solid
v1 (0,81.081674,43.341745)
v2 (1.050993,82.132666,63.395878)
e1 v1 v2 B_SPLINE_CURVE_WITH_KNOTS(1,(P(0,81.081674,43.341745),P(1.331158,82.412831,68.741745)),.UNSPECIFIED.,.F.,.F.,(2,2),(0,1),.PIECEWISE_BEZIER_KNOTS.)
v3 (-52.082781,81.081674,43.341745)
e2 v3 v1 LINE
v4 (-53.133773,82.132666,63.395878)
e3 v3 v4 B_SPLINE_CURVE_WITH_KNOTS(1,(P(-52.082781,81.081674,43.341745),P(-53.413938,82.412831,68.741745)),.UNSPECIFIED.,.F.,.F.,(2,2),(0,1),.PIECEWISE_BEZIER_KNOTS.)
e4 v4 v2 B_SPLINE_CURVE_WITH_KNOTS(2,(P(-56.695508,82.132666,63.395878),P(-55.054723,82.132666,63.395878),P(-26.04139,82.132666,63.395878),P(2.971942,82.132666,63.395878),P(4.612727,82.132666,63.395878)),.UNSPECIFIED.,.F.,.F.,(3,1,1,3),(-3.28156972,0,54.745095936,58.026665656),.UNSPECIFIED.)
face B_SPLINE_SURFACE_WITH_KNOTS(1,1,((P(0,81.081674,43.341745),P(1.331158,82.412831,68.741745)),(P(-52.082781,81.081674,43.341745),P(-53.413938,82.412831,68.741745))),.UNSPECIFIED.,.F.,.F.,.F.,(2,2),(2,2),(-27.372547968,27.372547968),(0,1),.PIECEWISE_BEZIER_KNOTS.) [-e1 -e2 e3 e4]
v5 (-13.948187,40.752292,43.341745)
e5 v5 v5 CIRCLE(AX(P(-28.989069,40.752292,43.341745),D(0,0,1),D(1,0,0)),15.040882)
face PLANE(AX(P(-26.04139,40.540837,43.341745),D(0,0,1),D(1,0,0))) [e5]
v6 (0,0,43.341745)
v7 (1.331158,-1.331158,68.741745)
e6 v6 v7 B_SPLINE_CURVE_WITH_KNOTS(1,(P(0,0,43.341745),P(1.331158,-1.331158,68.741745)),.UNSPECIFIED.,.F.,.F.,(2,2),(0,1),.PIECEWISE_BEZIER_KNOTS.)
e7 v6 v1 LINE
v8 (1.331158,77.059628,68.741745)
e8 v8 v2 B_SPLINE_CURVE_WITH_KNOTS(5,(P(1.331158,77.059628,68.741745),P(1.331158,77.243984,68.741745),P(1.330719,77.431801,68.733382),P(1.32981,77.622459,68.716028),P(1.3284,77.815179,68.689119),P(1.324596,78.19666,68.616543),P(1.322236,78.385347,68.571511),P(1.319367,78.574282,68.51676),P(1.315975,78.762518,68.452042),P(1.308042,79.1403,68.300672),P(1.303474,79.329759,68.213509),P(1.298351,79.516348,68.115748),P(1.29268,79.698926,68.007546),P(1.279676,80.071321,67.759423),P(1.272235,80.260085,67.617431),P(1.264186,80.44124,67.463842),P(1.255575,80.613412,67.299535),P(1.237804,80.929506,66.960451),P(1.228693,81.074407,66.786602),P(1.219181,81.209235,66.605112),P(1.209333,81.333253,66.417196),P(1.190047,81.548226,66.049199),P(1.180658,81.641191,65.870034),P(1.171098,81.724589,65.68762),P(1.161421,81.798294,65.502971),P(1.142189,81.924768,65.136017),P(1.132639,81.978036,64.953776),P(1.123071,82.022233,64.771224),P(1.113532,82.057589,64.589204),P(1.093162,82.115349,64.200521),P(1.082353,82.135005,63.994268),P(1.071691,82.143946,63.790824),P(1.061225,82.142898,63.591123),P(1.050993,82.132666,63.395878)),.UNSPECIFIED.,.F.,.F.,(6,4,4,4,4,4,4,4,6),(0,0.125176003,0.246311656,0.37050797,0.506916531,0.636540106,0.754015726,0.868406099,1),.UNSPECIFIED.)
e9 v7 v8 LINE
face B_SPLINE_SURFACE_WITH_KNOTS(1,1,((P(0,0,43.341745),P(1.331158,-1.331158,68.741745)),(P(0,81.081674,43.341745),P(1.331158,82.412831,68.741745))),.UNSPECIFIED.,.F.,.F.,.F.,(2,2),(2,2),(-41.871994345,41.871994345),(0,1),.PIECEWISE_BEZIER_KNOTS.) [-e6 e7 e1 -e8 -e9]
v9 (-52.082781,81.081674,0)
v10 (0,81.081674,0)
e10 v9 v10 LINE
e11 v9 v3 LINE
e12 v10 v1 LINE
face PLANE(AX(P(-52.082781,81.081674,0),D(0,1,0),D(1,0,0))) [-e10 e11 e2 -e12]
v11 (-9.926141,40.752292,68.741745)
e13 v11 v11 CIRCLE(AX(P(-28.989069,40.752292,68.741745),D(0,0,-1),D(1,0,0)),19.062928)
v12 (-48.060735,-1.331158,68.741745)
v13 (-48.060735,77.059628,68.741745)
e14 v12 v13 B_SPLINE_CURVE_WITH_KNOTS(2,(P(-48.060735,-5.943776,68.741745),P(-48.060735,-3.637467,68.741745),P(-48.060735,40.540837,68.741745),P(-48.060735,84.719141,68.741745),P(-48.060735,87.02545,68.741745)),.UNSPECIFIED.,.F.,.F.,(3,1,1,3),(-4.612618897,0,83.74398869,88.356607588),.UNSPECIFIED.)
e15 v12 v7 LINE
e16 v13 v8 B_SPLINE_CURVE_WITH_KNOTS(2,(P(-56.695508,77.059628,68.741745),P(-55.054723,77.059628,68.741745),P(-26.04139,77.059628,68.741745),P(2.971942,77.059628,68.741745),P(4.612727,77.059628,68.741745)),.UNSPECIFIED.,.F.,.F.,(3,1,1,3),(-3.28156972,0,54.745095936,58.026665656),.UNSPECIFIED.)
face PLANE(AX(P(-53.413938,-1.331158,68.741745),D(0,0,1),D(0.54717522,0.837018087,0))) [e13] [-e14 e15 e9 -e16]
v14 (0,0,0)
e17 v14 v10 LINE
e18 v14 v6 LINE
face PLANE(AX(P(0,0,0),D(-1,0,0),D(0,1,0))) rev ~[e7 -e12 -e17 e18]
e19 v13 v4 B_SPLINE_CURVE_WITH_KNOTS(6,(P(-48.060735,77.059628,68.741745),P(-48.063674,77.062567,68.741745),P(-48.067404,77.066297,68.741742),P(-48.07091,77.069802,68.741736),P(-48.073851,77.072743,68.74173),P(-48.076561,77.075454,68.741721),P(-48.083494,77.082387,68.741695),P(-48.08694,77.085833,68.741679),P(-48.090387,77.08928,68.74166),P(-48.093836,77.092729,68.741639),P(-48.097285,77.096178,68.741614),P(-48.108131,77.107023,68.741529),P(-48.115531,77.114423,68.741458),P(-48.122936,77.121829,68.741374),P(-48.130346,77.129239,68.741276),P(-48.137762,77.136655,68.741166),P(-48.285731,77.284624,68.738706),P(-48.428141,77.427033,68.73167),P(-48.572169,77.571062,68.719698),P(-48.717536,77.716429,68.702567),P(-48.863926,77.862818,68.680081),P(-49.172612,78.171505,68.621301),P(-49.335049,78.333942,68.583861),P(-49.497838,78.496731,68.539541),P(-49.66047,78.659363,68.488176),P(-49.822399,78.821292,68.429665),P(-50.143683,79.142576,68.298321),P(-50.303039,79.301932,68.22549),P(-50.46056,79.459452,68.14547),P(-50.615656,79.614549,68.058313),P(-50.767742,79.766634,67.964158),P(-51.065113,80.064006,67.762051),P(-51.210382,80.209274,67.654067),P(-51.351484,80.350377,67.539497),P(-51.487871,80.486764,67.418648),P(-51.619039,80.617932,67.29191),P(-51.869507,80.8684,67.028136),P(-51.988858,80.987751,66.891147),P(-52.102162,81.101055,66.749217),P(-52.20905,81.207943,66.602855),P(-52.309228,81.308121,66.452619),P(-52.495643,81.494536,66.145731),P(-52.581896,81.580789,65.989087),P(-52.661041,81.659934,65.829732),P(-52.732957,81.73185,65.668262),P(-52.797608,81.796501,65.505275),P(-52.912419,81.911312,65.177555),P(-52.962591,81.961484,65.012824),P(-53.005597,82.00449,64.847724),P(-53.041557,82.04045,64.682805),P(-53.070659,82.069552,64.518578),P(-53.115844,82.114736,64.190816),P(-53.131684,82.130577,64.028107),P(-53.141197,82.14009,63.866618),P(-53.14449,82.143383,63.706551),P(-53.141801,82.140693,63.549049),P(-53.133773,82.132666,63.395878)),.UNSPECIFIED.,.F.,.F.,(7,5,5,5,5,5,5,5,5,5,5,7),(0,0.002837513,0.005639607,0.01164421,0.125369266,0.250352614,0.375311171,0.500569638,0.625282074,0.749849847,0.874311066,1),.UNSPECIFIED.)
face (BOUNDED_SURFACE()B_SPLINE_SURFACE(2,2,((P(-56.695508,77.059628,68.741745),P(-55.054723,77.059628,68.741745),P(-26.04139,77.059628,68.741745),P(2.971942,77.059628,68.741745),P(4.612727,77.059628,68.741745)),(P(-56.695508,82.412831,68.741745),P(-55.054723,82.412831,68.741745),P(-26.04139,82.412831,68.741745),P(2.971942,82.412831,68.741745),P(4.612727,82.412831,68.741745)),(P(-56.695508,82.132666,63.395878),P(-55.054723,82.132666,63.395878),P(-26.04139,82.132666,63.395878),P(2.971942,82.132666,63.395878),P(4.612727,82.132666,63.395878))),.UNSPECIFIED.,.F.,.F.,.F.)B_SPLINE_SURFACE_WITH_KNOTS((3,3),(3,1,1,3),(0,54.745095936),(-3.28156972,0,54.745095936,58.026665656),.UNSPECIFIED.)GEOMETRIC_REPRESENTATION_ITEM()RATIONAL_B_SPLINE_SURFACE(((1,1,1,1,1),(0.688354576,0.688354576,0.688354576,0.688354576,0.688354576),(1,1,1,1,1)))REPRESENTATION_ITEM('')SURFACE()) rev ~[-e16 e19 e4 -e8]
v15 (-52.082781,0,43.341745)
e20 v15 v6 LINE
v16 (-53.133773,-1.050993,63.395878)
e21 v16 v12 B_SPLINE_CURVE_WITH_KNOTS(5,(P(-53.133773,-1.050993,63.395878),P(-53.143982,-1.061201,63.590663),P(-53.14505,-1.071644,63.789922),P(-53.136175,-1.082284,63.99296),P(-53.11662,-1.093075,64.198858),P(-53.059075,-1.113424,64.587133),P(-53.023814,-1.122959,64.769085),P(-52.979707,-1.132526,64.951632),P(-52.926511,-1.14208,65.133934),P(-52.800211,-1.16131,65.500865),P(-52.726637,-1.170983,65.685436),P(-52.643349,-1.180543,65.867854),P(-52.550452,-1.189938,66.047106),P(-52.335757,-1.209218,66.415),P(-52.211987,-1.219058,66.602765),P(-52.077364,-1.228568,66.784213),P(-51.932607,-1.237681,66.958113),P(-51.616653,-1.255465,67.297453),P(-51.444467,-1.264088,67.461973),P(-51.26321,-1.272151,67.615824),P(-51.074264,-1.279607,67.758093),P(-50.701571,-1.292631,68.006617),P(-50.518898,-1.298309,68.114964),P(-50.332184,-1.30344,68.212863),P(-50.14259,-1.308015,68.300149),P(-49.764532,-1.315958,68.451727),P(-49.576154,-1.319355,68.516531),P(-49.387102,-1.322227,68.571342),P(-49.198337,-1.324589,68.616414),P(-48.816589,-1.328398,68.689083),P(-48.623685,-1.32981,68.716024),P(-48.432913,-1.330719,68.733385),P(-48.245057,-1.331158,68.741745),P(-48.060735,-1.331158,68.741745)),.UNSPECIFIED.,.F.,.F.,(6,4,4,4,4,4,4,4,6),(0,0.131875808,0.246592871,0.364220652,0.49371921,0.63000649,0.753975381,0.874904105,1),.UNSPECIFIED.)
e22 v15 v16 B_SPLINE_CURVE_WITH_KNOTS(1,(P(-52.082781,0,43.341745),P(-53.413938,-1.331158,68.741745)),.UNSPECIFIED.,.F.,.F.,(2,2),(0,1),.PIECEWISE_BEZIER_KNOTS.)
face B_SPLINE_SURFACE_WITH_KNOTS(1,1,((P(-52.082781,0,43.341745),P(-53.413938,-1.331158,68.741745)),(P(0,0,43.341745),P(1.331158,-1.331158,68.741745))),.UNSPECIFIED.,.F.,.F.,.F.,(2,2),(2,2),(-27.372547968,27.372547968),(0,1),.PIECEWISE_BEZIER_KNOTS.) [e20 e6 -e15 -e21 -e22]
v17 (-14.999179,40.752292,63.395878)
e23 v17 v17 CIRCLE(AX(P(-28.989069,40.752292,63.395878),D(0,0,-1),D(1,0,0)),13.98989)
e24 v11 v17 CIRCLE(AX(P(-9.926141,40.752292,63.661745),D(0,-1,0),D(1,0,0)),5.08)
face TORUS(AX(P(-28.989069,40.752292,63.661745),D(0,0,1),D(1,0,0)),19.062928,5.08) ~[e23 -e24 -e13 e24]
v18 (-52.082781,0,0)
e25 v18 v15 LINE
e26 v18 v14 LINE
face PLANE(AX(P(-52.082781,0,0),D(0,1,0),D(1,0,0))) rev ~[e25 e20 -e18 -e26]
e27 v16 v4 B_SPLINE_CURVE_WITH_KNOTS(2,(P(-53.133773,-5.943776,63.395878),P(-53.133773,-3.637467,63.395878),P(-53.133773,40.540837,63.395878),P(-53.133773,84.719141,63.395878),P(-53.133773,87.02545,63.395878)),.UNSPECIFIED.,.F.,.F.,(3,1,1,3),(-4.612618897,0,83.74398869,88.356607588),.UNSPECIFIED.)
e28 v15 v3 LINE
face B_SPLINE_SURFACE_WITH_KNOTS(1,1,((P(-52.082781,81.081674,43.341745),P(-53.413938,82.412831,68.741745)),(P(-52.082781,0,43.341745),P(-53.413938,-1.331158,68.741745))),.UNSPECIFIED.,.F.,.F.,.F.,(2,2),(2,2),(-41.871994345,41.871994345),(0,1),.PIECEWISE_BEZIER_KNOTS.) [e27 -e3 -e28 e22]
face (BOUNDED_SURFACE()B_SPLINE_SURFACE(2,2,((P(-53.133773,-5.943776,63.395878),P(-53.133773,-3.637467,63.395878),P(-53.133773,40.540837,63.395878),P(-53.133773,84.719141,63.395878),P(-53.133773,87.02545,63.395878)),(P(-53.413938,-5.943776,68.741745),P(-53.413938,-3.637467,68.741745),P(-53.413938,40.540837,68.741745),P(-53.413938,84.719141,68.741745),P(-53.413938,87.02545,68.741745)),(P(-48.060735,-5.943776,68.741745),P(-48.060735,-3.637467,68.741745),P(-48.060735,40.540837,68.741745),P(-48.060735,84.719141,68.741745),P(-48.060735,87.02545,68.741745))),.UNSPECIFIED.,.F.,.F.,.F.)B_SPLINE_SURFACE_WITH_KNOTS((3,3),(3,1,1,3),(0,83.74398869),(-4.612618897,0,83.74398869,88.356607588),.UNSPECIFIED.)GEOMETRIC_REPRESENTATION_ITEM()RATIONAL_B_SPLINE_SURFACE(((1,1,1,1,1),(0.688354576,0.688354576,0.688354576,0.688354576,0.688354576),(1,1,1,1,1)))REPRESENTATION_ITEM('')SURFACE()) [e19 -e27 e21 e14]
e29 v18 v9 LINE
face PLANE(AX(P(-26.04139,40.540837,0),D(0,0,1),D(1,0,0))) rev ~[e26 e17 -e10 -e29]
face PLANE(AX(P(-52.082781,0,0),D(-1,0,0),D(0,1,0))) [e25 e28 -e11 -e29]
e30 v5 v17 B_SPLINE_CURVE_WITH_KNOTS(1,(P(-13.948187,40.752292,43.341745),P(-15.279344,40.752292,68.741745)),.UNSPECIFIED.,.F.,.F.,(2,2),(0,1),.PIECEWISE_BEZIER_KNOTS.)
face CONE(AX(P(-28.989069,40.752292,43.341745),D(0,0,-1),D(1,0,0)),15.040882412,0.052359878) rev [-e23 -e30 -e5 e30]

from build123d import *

# Parameters (mm, degrees)
F0_W     = 52.0827807486
F0_H     = 81.0816735029
F1_DEPTH = 43.3417446911
F2_W     = 52.0827807486
F2_H     = 81.0816735029
F2_R     = 15.0408824119
F3_DEPTH = 25.4
F3_TAPER = -3
F4_R     = 5.08
F5_R     = 5.08


with BuildPart() as f1:
    # F0 (on Top) → F1 (new body)
    with BuildSketch(Plane.XY):
        with Locations((-26.0413903743, 40.5408367515)):
            Rectangle(F0_W, F0_H)
    extrude(amount=F1_DEPTH)

    # F2 (on face) → F3 (join)
    with BuildSketch(Plane.XY.offset(43.3417446911)):
        with Locations((-26.0413903743, 40.5408367515)):
            Rectangle(F2_W, F2_H)
        with Locations((-28.9890691638, 40.7522916794)):
            Circle(F2_R, mode=Mode.SUBTRACT)
    extrude(amount=F3_DEPTH, taper=F3_TAPER)

    # F4
    f4_edges = [f1.edges().sort_by_distance(p)[0] for p in [
        (-26.04139, 82.412831, 68.741745),
        (-53.413938, 40.540837, 68.741745),
    ]]
    fillet(f4_edges, radius=F4_R)

    # F5
    f5_edges = [f1.edges().sort_by_distance(p)[0] for p in [
        (-42.698794, 40.752292, 68.741745),
    ]]
    fillet(f5_edges, radius=F5_R)


solid = f1.part
